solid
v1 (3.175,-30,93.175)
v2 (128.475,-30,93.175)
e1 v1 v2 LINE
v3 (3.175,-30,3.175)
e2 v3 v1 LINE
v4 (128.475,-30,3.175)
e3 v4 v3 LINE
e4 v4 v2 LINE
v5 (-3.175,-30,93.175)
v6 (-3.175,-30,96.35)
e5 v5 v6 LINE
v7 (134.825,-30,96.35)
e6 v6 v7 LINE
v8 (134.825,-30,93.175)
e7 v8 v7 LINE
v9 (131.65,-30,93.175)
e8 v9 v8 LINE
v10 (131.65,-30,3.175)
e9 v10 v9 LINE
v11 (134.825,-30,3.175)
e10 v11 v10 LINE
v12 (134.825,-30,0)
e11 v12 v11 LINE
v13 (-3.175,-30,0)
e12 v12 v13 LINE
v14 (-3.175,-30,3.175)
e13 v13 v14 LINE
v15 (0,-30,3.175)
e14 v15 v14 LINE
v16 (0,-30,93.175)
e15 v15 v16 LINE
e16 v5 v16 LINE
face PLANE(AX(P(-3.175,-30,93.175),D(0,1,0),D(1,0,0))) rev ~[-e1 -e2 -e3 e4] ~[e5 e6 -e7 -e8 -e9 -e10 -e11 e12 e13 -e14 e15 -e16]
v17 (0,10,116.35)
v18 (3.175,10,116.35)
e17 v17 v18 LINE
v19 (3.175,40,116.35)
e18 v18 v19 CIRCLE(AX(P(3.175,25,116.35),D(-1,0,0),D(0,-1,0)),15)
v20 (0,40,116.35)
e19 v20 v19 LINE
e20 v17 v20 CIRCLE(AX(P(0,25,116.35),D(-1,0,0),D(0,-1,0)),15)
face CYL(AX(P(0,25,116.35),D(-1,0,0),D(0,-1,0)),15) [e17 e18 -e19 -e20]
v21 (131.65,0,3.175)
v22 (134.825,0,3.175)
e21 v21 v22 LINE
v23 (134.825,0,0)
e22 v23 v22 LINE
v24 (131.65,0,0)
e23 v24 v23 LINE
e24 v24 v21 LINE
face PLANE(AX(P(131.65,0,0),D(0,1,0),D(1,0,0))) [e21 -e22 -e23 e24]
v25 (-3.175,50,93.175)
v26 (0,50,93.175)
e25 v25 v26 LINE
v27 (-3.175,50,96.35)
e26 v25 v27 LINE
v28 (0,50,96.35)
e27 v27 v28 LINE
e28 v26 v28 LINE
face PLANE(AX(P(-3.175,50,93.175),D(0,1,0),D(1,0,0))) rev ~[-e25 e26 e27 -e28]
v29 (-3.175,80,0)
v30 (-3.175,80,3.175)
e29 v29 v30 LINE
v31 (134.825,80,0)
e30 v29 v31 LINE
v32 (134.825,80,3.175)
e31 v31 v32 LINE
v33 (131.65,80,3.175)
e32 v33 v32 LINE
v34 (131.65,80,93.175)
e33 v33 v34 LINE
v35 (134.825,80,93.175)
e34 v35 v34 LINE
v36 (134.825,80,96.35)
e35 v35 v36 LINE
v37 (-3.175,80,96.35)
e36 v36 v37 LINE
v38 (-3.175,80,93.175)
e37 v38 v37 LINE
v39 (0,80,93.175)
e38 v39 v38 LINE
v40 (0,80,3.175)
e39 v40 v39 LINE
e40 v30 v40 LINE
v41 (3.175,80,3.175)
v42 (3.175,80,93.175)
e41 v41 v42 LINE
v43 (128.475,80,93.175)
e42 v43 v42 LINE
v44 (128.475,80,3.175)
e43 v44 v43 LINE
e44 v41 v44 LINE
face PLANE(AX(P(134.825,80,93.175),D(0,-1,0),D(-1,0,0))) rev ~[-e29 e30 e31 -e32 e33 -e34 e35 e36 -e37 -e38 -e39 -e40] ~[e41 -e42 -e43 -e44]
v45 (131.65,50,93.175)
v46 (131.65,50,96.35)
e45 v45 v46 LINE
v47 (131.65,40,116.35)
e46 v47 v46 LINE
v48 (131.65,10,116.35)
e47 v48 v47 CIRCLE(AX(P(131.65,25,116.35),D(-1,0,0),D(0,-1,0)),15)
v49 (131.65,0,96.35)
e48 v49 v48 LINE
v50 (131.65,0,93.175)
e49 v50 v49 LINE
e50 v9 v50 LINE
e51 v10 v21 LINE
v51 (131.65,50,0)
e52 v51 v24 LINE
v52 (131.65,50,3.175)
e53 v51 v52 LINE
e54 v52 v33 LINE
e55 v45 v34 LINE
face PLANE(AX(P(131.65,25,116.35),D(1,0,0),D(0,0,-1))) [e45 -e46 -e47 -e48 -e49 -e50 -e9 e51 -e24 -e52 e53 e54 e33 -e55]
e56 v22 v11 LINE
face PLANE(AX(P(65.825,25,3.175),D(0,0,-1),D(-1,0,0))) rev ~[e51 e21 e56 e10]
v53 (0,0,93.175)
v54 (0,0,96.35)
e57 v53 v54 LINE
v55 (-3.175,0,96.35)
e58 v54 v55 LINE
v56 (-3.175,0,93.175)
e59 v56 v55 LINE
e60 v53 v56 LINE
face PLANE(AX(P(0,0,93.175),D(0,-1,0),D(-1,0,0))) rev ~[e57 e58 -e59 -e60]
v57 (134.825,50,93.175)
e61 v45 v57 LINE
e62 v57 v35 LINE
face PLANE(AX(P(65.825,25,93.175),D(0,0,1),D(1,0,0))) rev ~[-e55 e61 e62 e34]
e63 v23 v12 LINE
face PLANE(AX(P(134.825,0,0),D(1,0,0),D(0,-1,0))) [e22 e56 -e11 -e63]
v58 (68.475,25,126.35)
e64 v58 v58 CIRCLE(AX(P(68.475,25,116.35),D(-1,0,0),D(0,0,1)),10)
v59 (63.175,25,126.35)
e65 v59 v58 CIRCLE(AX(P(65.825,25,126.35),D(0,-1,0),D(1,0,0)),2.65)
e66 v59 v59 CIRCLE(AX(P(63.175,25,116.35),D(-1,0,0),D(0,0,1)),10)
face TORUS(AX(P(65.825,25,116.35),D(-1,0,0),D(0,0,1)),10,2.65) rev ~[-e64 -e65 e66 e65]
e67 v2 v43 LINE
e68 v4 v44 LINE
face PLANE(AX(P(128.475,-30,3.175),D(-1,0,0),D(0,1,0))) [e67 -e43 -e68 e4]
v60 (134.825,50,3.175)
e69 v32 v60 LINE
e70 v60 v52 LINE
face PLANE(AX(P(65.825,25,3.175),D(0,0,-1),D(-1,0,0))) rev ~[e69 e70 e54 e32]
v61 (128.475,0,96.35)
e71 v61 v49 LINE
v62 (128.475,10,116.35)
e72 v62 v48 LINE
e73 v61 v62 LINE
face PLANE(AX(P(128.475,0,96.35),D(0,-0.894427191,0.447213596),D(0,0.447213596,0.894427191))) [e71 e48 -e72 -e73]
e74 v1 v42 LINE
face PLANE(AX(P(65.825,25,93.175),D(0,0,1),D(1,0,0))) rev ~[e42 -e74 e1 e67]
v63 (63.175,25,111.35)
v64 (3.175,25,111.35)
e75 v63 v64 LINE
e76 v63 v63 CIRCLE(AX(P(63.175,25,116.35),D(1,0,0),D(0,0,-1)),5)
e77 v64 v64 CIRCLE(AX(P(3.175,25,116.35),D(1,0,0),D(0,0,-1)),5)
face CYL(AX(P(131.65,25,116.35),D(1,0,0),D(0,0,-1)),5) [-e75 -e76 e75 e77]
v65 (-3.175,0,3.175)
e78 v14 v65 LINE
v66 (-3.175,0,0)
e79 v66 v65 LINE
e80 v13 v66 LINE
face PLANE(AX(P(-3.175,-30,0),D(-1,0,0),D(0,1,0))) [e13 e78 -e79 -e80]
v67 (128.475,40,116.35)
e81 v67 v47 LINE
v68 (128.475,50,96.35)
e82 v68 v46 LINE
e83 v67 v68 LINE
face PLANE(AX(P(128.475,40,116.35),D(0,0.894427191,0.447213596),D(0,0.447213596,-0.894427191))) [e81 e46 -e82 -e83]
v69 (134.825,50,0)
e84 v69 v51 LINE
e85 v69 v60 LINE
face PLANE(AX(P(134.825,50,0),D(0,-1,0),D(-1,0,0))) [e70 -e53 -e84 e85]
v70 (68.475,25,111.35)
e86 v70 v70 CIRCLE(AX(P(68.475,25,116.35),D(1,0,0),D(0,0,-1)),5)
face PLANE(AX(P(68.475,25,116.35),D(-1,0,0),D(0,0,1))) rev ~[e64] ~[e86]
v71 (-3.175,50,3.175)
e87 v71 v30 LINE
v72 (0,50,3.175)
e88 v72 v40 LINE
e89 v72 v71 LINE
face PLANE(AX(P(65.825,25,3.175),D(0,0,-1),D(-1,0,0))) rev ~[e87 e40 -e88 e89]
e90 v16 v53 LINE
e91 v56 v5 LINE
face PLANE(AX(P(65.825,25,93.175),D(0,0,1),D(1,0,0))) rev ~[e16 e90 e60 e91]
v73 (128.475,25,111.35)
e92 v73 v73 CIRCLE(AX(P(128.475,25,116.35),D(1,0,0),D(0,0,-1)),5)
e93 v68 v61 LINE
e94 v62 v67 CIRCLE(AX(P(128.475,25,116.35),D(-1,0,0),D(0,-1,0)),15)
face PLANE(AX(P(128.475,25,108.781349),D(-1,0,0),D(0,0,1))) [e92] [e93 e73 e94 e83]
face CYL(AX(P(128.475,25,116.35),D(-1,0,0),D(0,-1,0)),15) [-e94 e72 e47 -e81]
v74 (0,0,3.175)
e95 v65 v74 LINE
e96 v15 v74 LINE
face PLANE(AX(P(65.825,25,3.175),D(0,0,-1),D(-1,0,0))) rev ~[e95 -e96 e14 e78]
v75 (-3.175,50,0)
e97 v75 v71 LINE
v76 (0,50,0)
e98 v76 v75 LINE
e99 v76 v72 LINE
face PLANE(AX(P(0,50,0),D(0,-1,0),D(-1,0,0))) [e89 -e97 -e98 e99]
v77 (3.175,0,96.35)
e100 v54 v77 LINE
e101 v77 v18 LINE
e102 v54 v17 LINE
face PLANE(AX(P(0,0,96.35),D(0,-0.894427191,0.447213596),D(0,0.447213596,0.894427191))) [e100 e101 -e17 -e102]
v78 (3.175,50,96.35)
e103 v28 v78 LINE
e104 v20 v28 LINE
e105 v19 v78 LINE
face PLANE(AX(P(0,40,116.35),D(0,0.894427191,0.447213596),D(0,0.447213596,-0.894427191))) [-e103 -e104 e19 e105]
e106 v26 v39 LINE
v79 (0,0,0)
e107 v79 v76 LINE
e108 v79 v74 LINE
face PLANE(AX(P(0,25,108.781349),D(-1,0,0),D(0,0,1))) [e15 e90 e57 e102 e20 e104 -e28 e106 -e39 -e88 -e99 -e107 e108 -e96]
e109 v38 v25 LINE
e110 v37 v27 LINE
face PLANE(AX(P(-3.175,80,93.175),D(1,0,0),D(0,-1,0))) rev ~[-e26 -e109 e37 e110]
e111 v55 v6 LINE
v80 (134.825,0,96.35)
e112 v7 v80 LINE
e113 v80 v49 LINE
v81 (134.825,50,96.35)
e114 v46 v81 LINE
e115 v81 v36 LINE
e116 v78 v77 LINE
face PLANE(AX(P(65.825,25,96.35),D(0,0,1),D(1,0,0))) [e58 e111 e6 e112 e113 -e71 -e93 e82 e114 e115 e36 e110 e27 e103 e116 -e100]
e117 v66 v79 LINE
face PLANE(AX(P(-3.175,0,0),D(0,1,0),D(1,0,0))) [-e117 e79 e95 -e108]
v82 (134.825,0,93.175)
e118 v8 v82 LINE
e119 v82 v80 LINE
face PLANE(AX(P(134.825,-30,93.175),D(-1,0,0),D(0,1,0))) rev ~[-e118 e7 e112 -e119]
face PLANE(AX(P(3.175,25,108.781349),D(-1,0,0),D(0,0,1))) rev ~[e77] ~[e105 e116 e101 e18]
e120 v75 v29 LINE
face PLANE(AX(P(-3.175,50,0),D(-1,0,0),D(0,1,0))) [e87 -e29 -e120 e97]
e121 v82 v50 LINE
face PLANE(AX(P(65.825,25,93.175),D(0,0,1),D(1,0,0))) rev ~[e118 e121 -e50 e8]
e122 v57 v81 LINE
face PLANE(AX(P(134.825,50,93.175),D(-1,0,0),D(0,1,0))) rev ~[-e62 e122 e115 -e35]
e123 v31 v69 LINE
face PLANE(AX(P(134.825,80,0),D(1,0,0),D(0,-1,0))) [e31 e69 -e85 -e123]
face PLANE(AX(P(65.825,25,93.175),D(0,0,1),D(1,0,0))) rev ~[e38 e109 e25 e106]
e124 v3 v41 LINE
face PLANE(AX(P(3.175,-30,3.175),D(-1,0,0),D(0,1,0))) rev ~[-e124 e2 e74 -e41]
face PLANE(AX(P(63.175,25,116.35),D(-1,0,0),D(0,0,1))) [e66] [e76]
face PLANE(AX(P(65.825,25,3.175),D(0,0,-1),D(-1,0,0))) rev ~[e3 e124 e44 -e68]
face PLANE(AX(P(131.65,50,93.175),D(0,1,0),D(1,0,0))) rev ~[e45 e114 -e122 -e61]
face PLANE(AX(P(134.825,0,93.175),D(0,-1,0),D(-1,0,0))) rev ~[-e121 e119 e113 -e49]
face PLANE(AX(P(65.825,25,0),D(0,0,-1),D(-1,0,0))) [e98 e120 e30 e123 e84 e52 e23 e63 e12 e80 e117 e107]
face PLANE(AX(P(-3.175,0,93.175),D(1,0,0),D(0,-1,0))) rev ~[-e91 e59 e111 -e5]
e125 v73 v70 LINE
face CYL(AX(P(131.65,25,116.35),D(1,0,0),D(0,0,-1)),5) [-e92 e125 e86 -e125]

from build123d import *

# Parameters (mm, degrees)
BOSS_EXTRUDE1_DEPTH = 3.175
SKETCH3_W           = 3.175
SKETCH3_H           = 110
BOSS_EXTRUDE2_DEPTH = 90
BOSS_EXTRUDE3_DEPTH = 3.175
BOSS_EXTRUDE4_DEPTH = 3.175
BOSS_EXTRUDE5_START = -3.175
BOSS_EXTRUDE5_DEPTH = 3.175
SKETCH7_R           = 5
BOSS_EXTRUDE6_DEPTH = 128.475
SKETCH8_R           = 10
BOSS_EXTRUDE7_DEPTH = 5.3
SKETCH10_R          = 2.65


with BuildPart() as part:
    # Sketch2 → Boss-Extrude1 (new body)
    with BuildSketch(Plane.XY):
        Polygon((0, 50), (-3.175, 50), (-3.175, 80), (134.825, 80), (134.825, 50), (131.65, 50), (131.65, 0), (134.825, 0), (134.825, -30), (-3.175, -30), (-3.175, 0), (0, 0), align=None)
    extrude(amount=BOSS_EXTRUDE1_DEPTH)

    # Sketch3 → Boss-Extrude2 (add)
    with BuildSketch(Plane.XY.offset(3.175)):
        with Locations((1.5875, 25)):
            Rectangle(SKETCH3_W, SKETCH3_H)
        with Locations((130.0625, 25)):
            Rectangle(SKETCH3_W, SKETCH3_H)
    extrude(amount=BOSS_EXTRUDE2_DEPTH)

    # Sketch4 → Boss-Extrude3 (add)
    with BuildSketch(Plane.XY.offset(93.175)):
        Polygon((131.65, 50), (134.825, 50), (134.825, 80), (-3.175, 80), (-3.175, 50), (-1.5875, 50), (0, 50), (0, 0), (-3.175, 0), (-3.175, -30), (134.825, -30), (134.825, 0), (131.65, 0), align=None)
    extrude(amount=BOSS_EXTRUDE3_DEPTH)

    # Sketch5 → Boss-Extrude4 (add)
    with BuildSketch(Plane.ZY):
        with BuildLine():
            Line((96.35, 50), (96.35, 0))
            Line((96.35, 0), (116.35, 10))
            ThreePointArc((116.35, 10), (131.35, 25), (116.35, 40))
            Line((116.35, 40), (96.35, 50))
        make_face()
    extrude(amount=-BOSS_EXTRUDE4_DEPTH)

    # Sketch6 → Boss-Extrude5 (add)
    with BuildSketch(Plane(origin=(131.65, 0, 0), x_dir=(0, 0, -1), z_dir=(1, 0, 0)).offset(BOSS_EXTRUDE5_START)):
        with BuildLine():
            Line((-96.35, 0), (-116.35, 10))
            ThreePointArc((-116.35, 10), (-131.35, 25), (-116.35, 40))
            Line((-116.35, 40), (-96.35, 50))
            Line((-96.35, 50), (-96.35, 0))
        make_face()
    extrude(amount=BOSS_EXTRUDE5_DEPTH)

    # Sketch7 → Boss-Extrude6 (add)
    with BuildSketch(Plane(origin=(131.65, 0, 0), x_dir=(0, 0, -1), z_dir=(1, 0, 0))):
        with Locations((-116.35, 25)):
            Circle(SKETCH7_R)
    extrude(amount=-BOSS_EXTRUDE6_DEPTH)

    # Sketch8 → Boss-Extrude7 (add)
    with BuildSketch(Plane.ZY.offset(-68.475)):
        with Locations((116.35, 25)):
            Circle(SKETCH8_R)
    extrude(amount=BOSS_EXTRUDE7_DEPTH)

    # Sketch10 → Cut-Revolve1 (revolve, cut)
    with BuildSketch(Plane(origin=(0, 25, 0), x_dir=(1, 0, 0), z_dir=(0, 1, 0)), mode=Mode.PRIVATE) as cut_revolve1_sk:
        with Locations((65.825, -106.35)):
            Circle(SKETCH10_R)
    revolve(cut_revolve1_sk.sketch.rotate(Axis((63.175, 25, 116.35), (-1, 0, 0)), 180), axis=Axis((63.175, 25, 116.35), (-1, 0, 0)), mode=Mode.SUBTRACT)


solid = part.part
